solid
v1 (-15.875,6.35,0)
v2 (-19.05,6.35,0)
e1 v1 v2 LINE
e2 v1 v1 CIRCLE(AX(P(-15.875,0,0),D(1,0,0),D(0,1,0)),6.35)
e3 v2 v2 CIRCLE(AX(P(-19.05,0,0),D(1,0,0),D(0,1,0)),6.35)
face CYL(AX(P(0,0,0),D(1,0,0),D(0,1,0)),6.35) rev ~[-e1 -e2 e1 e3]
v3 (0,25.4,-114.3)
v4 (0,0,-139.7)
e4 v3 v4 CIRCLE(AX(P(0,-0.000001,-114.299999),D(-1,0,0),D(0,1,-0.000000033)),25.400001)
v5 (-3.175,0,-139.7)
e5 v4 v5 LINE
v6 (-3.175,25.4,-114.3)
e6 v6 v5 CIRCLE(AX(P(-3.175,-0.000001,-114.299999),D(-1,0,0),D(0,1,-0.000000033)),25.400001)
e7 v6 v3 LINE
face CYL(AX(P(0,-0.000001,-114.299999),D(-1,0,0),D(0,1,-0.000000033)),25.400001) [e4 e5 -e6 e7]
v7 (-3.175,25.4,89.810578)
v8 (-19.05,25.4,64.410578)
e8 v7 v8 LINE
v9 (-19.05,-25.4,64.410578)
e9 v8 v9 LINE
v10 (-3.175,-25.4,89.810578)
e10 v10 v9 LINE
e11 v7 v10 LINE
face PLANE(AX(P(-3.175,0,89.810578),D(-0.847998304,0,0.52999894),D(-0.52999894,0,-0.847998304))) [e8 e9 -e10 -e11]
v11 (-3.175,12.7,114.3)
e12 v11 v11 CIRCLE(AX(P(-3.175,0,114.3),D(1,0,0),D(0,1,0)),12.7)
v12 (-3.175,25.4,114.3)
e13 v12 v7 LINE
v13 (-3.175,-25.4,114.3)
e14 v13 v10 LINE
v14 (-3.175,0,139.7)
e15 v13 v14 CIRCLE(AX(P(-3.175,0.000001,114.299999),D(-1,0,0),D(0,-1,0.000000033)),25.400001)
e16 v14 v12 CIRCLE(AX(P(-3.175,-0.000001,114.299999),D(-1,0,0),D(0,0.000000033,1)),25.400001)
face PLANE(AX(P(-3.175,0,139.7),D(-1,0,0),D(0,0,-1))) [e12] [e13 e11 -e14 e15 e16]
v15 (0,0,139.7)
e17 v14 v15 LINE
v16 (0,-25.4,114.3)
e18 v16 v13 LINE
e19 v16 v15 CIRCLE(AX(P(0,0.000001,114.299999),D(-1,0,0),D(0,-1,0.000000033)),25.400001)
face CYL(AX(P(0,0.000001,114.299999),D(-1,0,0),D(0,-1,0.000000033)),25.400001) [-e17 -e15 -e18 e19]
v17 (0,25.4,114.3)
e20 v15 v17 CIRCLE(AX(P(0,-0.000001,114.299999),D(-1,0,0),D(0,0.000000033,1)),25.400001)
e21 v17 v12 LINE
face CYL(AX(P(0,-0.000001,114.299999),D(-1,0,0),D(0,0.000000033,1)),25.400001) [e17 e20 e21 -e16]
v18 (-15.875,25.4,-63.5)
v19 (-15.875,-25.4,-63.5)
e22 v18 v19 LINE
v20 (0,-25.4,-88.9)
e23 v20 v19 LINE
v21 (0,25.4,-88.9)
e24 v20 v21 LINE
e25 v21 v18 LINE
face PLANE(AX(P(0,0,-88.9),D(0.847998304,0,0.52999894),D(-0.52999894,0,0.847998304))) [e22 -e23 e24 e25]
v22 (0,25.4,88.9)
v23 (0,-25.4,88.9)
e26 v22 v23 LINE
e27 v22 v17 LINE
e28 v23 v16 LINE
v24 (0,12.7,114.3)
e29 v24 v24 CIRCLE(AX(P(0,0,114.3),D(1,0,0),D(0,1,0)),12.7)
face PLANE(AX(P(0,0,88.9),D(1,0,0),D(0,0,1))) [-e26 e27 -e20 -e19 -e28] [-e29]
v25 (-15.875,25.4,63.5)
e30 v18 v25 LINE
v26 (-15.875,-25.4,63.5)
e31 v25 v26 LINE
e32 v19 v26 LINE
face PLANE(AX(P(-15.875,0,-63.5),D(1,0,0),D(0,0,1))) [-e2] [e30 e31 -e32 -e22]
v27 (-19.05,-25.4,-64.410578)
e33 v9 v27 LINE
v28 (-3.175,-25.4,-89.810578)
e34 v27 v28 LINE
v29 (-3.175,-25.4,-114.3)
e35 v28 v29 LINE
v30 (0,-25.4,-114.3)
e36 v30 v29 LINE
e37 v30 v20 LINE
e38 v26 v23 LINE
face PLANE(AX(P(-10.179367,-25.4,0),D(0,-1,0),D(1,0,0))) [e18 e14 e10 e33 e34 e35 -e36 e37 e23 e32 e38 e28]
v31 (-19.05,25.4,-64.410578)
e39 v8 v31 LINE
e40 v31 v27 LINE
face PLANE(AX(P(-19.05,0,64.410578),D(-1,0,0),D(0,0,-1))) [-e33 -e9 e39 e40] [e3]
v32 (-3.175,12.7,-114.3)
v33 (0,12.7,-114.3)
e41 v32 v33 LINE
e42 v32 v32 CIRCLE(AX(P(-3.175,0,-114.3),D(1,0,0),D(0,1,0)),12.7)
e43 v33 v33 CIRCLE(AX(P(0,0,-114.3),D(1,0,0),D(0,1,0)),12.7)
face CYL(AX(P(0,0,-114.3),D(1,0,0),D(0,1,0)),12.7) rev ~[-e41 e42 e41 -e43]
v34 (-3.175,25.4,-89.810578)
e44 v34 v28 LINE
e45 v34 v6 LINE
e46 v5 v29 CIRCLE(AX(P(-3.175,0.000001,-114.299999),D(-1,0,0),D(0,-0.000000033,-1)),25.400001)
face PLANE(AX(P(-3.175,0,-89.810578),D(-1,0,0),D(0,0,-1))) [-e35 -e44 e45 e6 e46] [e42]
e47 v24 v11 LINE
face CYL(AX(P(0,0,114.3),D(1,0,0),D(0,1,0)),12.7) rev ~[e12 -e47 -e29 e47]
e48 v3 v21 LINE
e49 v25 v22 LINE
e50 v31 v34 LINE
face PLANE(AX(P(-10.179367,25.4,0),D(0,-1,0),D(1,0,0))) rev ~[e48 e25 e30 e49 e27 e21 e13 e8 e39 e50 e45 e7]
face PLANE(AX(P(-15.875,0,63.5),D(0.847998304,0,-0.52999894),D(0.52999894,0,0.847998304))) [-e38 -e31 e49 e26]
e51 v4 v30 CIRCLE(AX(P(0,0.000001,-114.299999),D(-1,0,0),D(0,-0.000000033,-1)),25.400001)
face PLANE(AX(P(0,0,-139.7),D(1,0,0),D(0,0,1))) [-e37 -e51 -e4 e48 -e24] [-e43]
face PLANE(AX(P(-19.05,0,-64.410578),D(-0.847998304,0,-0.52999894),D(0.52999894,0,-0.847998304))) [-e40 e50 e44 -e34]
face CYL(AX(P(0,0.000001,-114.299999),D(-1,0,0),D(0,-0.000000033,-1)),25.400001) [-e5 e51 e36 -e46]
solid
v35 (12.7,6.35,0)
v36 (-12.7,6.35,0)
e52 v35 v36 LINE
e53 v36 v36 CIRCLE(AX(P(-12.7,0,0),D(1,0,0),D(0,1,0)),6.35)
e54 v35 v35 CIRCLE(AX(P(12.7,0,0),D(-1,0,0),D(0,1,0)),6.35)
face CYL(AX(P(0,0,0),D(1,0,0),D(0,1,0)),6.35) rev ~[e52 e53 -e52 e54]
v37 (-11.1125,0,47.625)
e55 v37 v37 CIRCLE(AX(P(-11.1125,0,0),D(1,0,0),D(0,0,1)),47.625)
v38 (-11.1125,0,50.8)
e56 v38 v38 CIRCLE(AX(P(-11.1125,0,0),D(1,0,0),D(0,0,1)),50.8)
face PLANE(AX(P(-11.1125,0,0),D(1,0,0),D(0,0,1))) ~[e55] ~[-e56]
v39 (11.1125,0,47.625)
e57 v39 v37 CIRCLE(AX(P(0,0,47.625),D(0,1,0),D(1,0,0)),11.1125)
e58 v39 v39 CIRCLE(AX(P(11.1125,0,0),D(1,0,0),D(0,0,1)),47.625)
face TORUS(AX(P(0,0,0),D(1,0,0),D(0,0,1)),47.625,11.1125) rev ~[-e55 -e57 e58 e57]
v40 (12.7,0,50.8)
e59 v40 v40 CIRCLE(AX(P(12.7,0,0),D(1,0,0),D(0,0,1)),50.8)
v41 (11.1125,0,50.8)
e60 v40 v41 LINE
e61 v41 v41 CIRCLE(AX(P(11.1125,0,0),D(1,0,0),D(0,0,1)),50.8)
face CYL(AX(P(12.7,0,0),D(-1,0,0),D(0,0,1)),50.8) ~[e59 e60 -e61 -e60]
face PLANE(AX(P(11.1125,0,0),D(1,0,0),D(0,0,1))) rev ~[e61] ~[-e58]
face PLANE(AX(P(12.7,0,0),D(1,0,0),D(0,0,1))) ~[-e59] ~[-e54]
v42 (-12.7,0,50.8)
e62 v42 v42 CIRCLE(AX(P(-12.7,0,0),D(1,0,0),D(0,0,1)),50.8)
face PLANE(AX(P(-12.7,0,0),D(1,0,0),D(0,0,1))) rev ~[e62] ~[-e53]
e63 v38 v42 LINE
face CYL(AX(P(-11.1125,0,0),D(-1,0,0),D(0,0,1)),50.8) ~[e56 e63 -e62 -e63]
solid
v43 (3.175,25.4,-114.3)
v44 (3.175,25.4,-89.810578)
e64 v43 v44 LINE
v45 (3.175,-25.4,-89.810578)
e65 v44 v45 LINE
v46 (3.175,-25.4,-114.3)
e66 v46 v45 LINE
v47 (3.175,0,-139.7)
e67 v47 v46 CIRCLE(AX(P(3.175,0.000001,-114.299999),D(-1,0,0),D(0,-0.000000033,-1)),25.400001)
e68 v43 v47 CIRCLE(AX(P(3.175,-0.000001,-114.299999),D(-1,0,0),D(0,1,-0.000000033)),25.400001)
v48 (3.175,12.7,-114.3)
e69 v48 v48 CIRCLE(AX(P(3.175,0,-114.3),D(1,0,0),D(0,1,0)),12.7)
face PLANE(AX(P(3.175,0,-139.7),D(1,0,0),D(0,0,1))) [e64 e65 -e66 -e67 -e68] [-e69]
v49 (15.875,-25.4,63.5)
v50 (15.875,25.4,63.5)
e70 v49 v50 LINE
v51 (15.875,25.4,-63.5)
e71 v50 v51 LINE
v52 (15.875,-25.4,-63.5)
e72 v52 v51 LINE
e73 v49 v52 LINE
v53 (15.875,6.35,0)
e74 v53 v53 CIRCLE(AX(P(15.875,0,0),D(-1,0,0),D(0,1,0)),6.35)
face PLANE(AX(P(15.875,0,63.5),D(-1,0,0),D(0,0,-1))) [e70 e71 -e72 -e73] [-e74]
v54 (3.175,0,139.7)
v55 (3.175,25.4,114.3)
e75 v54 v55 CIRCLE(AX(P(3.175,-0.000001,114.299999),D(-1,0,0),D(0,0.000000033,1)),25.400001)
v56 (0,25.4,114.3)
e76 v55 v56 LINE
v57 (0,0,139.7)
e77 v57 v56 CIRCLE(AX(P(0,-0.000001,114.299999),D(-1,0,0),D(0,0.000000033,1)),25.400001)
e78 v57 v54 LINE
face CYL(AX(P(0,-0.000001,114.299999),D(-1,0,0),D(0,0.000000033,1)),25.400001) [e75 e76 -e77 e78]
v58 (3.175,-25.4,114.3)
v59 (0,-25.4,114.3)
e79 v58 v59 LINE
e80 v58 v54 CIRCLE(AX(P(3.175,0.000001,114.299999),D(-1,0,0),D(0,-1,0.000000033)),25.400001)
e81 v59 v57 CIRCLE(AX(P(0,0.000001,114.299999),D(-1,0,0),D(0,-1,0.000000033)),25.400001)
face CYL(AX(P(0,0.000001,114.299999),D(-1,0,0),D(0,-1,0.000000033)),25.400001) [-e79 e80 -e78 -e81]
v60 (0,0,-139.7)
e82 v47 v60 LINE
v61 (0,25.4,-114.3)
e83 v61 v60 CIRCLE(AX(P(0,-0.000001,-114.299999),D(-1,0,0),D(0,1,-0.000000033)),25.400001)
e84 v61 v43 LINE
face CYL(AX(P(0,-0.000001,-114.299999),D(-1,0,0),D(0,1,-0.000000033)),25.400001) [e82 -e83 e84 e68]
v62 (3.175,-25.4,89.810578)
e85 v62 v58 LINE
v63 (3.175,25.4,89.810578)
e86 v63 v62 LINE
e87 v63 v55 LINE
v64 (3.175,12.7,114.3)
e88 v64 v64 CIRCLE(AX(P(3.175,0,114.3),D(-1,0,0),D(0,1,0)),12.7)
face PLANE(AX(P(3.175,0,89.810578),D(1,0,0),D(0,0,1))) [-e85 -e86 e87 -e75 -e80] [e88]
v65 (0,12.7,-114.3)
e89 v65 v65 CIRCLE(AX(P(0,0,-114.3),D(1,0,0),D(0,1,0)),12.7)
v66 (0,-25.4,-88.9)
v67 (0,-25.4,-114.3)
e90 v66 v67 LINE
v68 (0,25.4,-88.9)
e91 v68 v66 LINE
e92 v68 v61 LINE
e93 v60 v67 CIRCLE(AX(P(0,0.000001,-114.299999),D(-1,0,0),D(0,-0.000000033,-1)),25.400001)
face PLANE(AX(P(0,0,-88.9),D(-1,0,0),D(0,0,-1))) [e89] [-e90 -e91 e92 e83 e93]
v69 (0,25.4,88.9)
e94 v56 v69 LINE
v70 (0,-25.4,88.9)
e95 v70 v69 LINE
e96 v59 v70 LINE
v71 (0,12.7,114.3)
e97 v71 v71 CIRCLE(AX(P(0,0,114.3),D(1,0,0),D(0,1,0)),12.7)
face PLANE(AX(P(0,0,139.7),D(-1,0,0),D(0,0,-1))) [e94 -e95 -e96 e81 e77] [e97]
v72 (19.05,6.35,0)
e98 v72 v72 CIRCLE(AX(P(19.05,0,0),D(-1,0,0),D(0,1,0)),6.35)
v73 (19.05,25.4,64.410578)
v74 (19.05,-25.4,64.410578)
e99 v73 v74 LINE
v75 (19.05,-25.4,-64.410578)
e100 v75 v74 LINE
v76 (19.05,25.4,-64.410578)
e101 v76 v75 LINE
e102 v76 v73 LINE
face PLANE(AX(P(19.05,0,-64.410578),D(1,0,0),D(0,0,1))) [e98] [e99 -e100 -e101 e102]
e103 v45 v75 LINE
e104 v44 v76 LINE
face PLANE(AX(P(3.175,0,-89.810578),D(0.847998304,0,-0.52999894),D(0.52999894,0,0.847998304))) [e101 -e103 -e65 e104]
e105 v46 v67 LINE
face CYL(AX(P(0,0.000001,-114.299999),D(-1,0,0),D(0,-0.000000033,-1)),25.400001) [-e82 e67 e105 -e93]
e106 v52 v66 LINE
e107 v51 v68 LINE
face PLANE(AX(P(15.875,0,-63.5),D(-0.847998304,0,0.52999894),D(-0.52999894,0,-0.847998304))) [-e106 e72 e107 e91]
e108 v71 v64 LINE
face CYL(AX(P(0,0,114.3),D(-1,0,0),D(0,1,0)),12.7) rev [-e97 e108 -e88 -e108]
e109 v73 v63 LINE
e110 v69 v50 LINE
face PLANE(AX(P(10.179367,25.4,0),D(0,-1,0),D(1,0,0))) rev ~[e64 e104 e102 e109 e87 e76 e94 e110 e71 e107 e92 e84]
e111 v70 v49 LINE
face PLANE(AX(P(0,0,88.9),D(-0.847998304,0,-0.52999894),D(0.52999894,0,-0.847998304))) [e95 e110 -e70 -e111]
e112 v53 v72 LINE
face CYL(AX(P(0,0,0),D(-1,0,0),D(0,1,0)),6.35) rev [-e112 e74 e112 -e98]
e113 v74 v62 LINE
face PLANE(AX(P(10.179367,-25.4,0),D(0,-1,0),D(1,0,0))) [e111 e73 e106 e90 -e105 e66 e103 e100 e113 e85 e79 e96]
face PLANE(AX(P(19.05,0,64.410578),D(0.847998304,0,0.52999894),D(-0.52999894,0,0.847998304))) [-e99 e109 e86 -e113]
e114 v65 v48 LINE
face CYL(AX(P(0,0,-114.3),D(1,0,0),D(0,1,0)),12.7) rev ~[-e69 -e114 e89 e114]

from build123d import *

# Parameters (mm, degrees)
F3_DEPTH = 25.4
F4_DEPTH = 25.4
F5_R     = 6.35
F5_R_2   = 12.7
F6_DEPTH = 25.4


with BuildPart() as f1:
    # F0 (on Front) → F1 (revolve)
    with BuildSketch(Plane.XZ):
        with BuildLine():
            Line((-12.7, 50.8), (-12.7, 0))
            Line((-12.7, 0), (12.7, 0))
            Line((12.7, 0), (12.7, 50.8))
            Line((12.7, 50.8), (11.1125, 50.8))
            Line((11.1125, 50.8), (11.1125, 47.625))
            ThreePointArc((11.1125, 47.625), (0, 36.5125), (-11.1125, 47.625))
            Line((-11.1125, 47.625), (-11.1125, 50.8))
            Line((-11.1125, 50.8), (-12.7, 50.8))
        make_face()
    revolve(axis=Axis((0, 0, 0), (1, 0, 0)))


with BuildPart() as f3:
    # F2 (on Front) → F3 (new body, symmetric)
    with BuildSketch(Plane.XZ):
        Polygon((15.875, -63.5), (0, -88.9), (0, -139.7), (3.175, -139.7), (3.175, -89.810578), (19.05, -64.410578), (19.05, 64.410578), (3.175, 89.810578), (3.175, 139.7), (0, 139.7), (0, 88.9), (15.875, 63.5), align=None)
    extrude(amount=F3_DEPTH, both=True)


with BuildPart() as f4:
    # F2 (on Front) → F4 (new body, symmetric)
    with BuildSketch(Plane.XZ):
        Polygon((0, -88.9), (-15.875, -63.5), (-15.875, 63.5), (0, 88.9), (0, 139.7), (-3.175, 139.7), (-3.175, 89.810578), (-19.05, 64.410578), (-19.05, -64.410578), (-3.175, -89.810578), (-3.175, -139.7), (0, -139.7), align=None)
    extrude(amount=F4_DEPTH, both=True)


with BuildPart() as f6_tool:
    # F5 (on Right) → F6 (new body, symmetric)
    with BuildSketch(Plane.YZ):
        with BuildLine():
            Line((25.4, 139.7), (0, 139.7))
            ThreePointArc((0, 139.7), (17.960512, 132.260512), (25.4, 114.3))
            Line((25.4, 114.3), (25.4, 139.7))
        make_face()
        with BuildLine():
            ThreePointArc((-25.4, 114.3), (-17.960512, 132.260512), (0, 139.7))
            Line((0, 139.7), (-25.4, 139.7))
            Line((-25.4, 139.7), (-25.4, 114.3))
        make_face()
        with BuildLine():
            Line((25.4, -139.7), (25.4, -114.3))
            ThreePointArc((25.4, -114.3), (17.960512, -132.260512), (0, -139.7))
            Line((0, -139.7), (25.4, -139.7))
        make_face()
        with BuildLine():
            Line((-25.4, -139.7), (0, -139.7))
            ThreePointArc((0, -139.7), (-17.960512, -132.260512), (-25.4, -114.3))
            Line((-25.4, -114.3), (-25.4, -139.7))
        make_face()
        Circle(F5_R)
        with Locations((0, 114.3)):
            Circle(F5_R_2)
        with Locations((0, -114.3)):
            Circle(F5_R_2)
    extrude(amount=F6_DEPTH, both=True)


with BuildPart() as f1_1:
    add(f1.part)

    # F6: cut by f6_tool
    add(f6_tool.part, mode=Mode.SUBTRACT)


with BuildPart() as f3_1:
    add(f3.part)

    # F6: cut by f6_tool
    add(f6_tool.part, mode=Mode.SUBTRACT)


with BuildPart() as f4_1:
    add(f4.part)

    # F6: cut by f6_tool
    add(f6_tool.part, mode=Mode.SUBTRACT)


solid = Compound([f1_1.part, f3_1.part, f4_1.part])
